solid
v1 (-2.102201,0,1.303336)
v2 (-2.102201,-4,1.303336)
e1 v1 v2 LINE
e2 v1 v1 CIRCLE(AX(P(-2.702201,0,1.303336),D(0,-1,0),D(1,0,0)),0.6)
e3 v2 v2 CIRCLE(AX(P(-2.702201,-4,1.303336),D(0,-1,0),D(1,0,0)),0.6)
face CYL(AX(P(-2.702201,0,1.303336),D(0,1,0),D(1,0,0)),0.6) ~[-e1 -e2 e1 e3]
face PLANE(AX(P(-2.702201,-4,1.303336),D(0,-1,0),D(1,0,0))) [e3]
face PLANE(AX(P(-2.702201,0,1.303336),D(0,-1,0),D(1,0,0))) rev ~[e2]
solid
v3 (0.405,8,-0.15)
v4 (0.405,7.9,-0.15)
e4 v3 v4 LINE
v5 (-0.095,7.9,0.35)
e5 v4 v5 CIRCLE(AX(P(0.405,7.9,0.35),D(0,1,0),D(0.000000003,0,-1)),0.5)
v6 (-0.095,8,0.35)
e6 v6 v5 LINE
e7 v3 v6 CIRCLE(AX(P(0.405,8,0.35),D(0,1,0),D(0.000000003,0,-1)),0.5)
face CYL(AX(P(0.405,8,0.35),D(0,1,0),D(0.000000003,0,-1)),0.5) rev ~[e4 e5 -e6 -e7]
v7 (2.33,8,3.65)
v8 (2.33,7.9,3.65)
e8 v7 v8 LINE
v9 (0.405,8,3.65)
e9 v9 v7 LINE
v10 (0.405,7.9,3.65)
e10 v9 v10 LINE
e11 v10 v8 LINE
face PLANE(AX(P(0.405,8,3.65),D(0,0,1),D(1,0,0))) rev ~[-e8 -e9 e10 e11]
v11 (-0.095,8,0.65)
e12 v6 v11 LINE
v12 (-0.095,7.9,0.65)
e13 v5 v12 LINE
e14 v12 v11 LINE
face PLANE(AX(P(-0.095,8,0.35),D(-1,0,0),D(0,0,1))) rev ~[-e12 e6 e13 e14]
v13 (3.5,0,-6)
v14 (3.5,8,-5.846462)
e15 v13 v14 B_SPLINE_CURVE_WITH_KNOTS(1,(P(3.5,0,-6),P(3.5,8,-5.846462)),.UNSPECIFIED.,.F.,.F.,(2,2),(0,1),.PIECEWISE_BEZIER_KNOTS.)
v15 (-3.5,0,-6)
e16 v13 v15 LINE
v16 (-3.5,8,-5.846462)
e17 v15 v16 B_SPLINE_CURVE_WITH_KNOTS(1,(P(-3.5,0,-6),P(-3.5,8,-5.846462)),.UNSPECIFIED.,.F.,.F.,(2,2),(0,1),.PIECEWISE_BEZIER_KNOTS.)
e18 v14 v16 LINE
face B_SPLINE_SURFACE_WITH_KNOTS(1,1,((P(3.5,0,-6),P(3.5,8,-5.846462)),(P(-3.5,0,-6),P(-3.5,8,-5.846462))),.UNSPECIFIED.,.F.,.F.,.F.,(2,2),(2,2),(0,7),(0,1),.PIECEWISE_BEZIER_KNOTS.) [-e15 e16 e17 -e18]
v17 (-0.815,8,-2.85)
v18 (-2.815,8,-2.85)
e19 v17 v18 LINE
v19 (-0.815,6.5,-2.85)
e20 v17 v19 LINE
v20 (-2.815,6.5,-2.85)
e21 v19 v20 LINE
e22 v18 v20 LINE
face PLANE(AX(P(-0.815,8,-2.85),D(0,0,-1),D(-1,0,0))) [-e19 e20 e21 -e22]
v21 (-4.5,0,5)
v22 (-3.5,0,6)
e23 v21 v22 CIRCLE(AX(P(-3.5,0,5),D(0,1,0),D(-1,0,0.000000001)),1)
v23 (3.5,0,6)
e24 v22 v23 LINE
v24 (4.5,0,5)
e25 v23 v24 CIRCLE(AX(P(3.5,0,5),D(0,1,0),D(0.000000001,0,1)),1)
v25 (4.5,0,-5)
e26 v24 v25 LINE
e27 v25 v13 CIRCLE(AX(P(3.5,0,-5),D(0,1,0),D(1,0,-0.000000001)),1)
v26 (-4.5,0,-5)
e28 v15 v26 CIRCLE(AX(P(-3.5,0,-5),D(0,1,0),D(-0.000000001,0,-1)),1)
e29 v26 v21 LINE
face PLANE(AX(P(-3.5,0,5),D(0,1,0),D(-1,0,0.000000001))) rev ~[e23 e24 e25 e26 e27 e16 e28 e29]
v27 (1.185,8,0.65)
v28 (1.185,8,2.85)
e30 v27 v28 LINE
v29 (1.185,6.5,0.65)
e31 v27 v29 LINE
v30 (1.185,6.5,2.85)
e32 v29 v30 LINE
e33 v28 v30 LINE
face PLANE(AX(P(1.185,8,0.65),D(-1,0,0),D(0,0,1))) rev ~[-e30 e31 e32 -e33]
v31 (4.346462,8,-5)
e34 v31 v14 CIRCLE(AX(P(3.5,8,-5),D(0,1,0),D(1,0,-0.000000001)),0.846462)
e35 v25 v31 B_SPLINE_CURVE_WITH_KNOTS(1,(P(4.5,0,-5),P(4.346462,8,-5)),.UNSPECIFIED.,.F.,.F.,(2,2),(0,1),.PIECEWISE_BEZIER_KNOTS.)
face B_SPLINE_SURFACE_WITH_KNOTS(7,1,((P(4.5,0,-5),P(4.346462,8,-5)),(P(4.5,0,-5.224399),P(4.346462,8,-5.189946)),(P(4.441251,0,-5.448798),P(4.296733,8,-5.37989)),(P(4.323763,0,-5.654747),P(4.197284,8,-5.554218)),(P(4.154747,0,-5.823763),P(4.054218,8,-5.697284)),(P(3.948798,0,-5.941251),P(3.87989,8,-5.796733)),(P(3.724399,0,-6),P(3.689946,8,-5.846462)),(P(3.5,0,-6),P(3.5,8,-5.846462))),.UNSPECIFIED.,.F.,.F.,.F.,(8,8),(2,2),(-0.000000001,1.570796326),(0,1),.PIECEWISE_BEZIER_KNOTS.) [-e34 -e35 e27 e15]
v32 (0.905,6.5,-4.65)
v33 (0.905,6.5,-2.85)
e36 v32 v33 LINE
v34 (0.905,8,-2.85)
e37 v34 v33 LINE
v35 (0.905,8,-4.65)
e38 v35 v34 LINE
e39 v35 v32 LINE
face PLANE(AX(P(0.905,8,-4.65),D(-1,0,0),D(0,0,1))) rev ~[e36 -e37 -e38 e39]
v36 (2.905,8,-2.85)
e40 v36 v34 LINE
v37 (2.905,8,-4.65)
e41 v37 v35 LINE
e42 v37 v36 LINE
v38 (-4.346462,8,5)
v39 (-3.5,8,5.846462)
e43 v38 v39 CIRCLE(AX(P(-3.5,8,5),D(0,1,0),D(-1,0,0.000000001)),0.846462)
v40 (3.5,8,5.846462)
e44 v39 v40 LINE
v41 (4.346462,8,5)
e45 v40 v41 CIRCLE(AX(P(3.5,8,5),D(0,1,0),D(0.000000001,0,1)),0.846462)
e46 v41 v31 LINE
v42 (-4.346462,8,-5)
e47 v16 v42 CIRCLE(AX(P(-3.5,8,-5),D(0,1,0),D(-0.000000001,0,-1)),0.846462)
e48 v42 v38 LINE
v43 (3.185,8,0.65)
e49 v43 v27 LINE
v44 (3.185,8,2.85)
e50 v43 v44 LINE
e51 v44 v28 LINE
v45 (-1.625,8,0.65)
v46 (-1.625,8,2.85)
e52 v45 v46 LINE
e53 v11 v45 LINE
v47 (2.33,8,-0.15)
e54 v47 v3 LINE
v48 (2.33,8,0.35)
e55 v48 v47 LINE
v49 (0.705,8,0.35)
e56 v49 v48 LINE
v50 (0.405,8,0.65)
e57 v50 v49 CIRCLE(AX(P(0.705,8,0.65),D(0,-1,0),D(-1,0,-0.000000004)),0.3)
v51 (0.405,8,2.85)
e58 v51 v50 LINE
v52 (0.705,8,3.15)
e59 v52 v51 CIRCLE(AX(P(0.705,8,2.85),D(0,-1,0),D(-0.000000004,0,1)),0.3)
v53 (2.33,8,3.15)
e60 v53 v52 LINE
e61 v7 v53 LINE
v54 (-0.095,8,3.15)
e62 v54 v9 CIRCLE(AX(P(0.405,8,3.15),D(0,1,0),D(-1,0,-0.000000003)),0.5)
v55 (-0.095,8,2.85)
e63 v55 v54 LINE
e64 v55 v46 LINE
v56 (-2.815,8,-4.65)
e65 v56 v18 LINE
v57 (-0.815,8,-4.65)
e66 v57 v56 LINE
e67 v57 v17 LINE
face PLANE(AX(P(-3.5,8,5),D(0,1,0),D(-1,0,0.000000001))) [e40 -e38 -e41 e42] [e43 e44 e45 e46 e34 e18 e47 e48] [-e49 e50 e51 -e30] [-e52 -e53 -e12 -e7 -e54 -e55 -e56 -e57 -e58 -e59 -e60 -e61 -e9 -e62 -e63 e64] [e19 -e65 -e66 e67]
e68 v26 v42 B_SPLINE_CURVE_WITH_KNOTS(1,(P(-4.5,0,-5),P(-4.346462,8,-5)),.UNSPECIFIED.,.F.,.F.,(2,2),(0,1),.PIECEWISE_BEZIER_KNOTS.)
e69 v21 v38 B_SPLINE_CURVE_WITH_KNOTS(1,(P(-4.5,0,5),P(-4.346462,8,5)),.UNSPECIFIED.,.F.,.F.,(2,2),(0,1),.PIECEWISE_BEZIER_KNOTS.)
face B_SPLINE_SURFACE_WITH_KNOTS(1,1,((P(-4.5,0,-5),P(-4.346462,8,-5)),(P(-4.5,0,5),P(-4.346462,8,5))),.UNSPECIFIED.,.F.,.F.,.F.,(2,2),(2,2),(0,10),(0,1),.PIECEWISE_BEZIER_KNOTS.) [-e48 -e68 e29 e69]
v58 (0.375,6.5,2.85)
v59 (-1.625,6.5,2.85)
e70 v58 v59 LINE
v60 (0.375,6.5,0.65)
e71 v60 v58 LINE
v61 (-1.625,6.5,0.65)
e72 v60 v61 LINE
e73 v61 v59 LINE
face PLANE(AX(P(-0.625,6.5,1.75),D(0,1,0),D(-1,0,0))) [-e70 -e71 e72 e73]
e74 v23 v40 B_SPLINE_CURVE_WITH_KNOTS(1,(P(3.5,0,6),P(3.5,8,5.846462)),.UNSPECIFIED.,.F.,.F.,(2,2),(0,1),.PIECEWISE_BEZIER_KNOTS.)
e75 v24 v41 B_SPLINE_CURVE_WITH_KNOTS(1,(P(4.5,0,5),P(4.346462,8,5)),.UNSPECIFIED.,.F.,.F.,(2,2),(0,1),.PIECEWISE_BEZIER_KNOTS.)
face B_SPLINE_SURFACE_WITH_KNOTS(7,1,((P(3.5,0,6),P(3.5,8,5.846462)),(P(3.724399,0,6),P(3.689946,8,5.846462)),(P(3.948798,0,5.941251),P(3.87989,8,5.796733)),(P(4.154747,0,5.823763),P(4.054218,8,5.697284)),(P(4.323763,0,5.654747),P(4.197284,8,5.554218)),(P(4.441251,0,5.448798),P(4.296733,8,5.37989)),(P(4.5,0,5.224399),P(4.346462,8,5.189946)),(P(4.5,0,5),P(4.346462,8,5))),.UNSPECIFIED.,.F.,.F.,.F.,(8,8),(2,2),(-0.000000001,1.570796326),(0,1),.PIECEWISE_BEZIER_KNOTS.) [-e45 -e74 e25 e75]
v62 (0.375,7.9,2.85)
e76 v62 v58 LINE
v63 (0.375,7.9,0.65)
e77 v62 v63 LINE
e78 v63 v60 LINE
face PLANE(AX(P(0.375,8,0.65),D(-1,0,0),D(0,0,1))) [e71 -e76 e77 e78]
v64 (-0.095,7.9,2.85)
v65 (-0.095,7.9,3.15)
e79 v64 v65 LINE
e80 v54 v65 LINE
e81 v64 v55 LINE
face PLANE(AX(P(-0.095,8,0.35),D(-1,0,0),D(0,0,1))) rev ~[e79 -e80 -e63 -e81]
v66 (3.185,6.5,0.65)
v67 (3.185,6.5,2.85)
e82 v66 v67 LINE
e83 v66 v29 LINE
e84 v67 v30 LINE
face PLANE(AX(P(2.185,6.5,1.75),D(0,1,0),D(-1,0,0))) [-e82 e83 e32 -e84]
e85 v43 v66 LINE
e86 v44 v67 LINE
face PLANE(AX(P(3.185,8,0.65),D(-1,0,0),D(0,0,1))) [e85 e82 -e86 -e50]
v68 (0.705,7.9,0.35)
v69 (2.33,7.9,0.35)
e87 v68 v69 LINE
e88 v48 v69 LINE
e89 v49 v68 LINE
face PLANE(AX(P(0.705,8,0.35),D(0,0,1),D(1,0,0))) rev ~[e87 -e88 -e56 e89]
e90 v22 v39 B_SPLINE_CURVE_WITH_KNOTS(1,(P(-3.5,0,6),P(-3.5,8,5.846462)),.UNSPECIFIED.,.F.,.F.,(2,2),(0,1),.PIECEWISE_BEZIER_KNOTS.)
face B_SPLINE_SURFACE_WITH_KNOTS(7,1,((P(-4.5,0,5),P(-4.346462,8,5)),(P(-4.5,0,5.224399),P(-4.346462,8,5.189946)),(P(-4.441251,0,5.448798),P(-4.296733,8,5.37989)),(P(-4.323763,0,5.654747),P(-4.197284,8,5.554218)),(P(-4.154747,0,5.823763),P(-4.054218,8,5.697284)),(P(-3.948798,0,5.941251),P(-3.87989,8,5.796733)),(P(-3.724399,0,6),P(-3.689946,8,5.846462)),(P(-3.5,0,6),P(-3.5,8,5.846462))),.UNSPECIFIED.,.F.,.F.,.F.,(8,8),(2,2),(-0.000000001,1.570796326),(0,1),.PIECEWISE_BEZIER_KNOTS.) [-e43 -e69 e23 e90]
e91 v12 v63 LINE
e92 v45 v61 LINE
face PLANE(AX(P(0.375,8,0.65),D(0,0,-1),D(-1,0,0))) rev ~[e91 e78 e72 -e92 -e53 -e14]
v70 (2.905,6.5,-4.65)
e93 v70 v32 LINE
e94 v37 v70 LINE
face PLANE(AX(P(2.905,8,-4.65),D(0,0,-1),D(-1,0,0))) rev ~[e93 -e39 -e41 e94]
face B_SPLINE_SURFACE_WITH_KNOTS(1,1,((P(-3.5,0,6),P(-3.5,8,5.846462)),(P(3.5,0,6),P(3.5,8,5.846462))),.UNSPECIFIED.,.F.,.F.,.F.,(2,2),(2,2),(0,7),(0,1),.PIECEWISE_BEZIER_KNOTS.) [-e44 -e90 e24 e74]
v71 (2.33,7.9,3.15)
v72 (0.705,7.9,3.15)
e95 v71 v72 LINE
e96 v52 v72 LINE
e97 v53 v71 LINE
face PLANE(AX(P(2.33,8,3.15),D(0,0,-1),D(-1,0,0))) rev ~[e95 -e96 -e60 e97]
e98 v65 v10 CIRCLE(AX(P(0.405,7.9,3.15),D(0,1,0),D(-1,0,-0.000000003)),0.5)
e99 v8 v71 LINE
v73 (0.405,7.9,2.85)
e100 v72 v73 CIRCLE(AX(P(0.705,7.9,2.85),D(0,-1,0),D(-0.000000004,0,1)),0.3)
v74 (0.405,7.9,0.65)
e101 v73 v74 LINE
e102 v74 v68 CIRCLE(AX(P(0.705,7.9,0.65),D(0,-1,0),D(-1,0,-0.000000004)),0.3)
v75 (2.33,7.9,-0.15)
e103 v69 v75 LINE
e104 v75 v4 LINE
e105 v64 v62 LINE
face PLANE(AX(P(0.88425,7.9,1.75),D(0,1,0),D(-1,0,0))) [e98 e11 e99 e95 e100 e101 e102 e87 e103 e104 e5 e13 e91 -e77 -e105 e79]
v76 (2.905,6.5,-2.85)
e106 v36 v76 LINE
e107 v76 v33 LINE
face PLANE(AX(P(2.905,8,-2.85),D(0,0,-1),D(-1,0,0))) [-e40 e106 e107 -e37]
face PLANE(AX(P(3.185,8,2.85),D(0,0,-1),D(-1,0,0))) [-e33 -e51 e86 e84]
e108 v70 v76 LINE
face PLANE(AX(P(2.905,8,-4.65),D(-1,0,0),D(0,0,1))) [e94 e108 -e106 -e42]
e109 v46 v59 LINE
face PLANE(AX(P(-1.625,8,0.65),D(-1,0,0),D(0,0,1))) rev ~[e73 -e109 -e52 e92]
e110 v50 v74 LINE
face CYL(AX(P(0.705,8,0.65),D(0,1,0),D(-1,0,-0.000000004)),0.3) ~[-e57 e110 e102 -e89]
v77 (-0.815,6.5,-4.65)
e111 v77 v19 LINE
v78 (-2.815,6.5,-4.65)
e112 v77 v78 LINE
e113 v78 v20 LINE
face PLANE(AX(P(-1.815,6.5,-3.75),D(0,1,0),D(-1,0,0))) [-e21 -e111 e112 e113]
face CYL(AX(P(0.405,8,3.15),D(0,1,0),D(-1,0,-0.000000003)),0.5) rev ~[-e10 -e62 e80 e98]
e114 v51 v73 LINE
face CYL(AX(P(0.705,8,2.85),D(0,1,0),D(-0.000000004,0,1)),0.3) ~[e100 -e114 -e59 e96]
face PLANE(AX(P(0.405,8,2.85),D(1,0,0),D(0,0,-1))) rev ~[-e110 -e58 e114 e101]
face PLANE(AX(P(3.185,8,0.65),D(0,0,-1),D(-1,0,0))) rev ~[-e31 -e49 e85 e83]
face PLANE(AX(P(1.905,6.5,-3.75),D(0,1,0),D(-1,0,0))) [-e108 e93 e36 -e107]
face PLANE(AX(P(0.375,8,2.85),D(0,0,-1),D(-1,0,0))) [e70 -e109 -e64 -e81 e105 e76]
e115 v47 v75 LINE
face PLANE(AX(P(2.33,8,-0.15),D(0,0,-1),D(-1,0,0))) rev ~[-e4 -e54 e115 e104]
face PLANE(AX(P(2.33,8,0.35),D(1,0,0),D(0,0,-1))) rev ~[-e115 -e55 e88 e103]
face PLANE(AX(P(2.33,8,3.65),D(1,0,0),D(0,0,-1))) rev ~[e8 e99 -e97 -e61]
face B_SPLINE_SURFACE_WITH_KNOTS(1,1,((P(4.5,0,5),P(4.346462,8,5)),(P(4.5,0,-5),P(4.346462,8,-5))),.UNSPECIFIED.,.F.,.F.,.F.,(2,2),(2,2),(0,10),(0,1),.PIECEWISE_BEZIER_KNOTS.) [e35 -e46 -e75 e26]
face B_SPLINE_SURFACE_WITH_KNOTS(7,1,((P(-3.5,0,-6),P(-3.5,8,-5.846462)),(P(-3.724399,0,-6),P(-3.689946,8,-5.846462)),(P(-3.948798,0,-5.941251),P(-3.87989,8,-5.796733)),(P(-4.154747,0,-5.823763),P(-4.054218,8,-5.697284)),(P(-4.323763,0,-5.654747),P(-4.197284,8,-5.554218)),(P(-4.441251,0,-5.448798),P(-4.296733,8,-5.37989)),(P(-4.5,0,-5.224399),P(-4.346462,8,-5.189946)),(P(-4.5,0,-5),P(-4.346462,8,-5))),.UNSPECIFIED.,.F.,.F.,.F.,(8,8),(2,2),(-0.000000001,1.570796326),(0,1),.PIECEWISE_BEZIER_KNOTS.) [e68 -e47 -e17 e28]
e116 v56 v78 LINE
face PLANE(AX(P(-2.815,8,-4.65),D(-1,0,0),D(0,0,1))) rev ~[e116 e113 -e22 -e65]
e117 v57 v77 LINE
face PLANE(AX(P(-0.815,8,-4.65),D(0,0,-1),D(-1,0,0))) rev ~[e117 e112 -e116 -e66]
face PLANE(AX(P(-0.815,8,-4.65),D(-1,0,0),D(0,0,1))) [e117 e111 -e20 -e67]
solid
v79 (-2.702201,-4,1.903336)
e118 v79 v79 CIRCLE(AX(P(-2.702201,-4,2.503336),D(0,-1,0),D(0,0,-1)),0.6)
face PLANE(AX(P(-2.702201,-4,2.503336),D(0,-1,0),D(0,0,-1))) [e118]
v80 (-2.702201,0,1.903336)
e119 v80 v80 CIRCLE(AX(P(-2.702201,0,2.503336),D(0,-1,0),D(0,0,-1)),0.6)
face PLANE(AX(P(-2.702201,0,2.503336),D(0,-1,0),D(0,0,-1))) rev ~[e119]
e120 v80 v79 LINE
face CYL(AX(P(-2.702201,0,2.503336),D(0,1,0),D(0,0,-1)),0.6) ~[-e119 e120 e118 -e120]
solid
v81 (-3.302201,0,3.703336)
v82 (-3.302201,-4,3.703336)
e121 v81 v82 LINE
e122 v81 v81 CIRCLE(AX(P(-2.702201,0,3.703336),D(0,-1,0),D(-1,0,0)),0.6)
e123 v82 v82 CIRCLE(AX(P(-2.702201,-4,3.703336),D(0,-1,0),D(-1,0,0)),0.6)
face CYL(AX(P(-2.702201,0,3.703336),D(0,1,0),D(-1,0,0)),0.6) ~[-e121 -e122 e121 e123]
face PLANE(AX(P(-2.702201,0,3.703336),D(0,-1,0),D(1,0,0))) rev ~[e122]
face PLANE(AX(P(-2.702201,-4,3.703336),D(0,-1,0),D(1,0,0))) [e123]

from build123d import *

# Parameters (mm, degrees)
EXTRUSI_N1_DEPTH          = 8
EXTRUSI_N1_TAPER          = 1.0995
CROQUIS2_W                = 2
CROQUIS2_H                = 2.2
CROQUIS2_H_2              = 1.8
EXTRUSI_N2_DEPTH          = 1.5
EXTRUSI_N3_DEPTH          = 0.1
SALIENTE_EXTRUIR2_DEPTH   = 4
CROQUIS6_R                = 0.6
SALIENTE_EXTRUIR2_2_DEPTH = 4
SALIENTE_EXTRUIR2_3_DEPTH = 4


with BuildPart() as part:
    # Croquis1 → Extrusión1 (new body)
    with BuildSketch(Plane(origin=(0, 0, 0), x_dir=(-1, 0, 0), z_dir=(0, 1, 0))):
        with BuildLine():
            Line((4.5, -5), (4.5, 5))
            ThreePointArc((4.5, 5), (4.207106781, 5.707106781), (3.5, 6))
            Line((3.5, 6), (-3.5, 6))
            ThreePointArc((-3.5, 6), (-4.207106781, 5.707106781), (-4.5, 5))
            Line((-4.5, 5), (-4.5, -5))
            ThreePointArc((-4.5, -5), (-4.207106781, -5.707106781), (-3.5, -6))
            Line((-3.5, -6), (3.5, -6))
            ThreePointArc((3.5, -6), (4.207106781, -5.707106781), (4.5, -5))
        make_face()
    extrude(amount=EXTRUSI_N1_DEPTH, taper=EXTRUSI_N1_TAPER)

    # Croquis2 → Extrusión2 (cut)
    with BuildSketch(Plane(origin=(0, 8, 0), x_dir=(-1, 0, 0), z_dir=(0, 1, 0))):
        with Locations((0.625, 1.75)):
            Rectangle(CROQUIS2_W, CROQUIS2_H)
        with Locations((-2.185, 1.75)):
            Rectangle(CROQUIS2_W, CROQUIS2_H)
        with Locations((-1.905, -3.75)):
            Rectangle(CROQUIS2_W, CROQUIS2_H_2)
        with Locations((1.815, -3.75)):
            Rectangle(CROQUIS2_W, CROQUIS2_H_2)
    extrude(amount=-EXTRUSI_N2_DEPTH, mode=Mode.SUBTRACT)

    # Croquis3 → Extrusión3 (cut)
    with BuildSketch(Plane(origin=(0, 8, 0), x_dir=(-1, 0, 0), z_dir=(0, 1, 0))):
        with BuildLine():
            Line((0.095, 0.35), (0.095, 3.15))
            ThreePointArc((0.095, 3.15), (-0.051446609, 3.503553391), (-0.405, 3.65))
            Line((-0.405, 3.65), (-2.33, 3.65))
            Line((-2.33, 3.65), (-2.33, 3.15))
            Line((-2.33, 3.15), (-0.705, 3.15))
            ThreePointArc((-0.705, 3.15), (-0.492867966, 3.062132034), (-0.405, 2.85))
            Line((-0.405, 2.85), (-0.405, 0.65))
            ThreePointArc((-0.405, 0.65), (-0.492867966, 0.437867966), (-0.705, 0.35))
            Line((-0.705, 0.35), (-2.33, 0.35))
            Line((-2.33, 0.35), (-2.33, -0.15))
            Line((-2.33, -0.15), (-0.405, -0.15))
            ThreePointArc((-0.405, -0.15), (-0.051446609, -0.003553391), (0.095, 0.35))
        make_face()
    extrude(amount=-EXTRUSI_N3_DEPTH, mode=Mode.SUBTRACT)


with BuildPart() as body_2:
    # Croquis6 → Saliente-Extruir2 (new body)
    with BuildSketch(Plane.XZ):
        with BuildLine():
            ThreePointArc((-3.302200992, 1.303336386), (-2.702200992, 0.703336386), (-2.102200992, 1.303336386))
            ThreePointArc((-2.102200992, 1.303336386), (-2.702200992, 1.903336386), (-3.302200992, 1.303336386))
        make_face()
    extrude(amount=SALIENTE_EXTRUIR2_DEPTH)


with BuildPart() as body_3:
    # Croquis6 → Saliente-Extruir2 2 (new body)
    with BuildSketch(Plane.XZ):
        with Locations(Location((-2.702200992, 2.503336386, 0), (0, 0, 270))):
            Circle(CROQUIS6_R)
    extrude(amount=SALIENTE_EXTRUIR2_2_DEPTH)


with BuildPart() as body_4:
    # Croquis6 → Saliente-Extruir2 3 (new body)
    with BuildSketch(Plane.XZ):
        with BuildLine():
            ThreePointArc((-2.102200992, 3.703336386), (-2.702200992, 4.303336386), (-3.302200992, 3.703336386))
            ThreePointArc((-3.302200992, 3.703336386), (-2.702200992, 3.103336386), (-2.102200992, 3.703336386))
        make_face()
    extrude(amount=SALIENTE_EXTRUIR2_3_DEPTH)


solid = Compound([part.part, body_2.part, body_3.part, body_4.part])
